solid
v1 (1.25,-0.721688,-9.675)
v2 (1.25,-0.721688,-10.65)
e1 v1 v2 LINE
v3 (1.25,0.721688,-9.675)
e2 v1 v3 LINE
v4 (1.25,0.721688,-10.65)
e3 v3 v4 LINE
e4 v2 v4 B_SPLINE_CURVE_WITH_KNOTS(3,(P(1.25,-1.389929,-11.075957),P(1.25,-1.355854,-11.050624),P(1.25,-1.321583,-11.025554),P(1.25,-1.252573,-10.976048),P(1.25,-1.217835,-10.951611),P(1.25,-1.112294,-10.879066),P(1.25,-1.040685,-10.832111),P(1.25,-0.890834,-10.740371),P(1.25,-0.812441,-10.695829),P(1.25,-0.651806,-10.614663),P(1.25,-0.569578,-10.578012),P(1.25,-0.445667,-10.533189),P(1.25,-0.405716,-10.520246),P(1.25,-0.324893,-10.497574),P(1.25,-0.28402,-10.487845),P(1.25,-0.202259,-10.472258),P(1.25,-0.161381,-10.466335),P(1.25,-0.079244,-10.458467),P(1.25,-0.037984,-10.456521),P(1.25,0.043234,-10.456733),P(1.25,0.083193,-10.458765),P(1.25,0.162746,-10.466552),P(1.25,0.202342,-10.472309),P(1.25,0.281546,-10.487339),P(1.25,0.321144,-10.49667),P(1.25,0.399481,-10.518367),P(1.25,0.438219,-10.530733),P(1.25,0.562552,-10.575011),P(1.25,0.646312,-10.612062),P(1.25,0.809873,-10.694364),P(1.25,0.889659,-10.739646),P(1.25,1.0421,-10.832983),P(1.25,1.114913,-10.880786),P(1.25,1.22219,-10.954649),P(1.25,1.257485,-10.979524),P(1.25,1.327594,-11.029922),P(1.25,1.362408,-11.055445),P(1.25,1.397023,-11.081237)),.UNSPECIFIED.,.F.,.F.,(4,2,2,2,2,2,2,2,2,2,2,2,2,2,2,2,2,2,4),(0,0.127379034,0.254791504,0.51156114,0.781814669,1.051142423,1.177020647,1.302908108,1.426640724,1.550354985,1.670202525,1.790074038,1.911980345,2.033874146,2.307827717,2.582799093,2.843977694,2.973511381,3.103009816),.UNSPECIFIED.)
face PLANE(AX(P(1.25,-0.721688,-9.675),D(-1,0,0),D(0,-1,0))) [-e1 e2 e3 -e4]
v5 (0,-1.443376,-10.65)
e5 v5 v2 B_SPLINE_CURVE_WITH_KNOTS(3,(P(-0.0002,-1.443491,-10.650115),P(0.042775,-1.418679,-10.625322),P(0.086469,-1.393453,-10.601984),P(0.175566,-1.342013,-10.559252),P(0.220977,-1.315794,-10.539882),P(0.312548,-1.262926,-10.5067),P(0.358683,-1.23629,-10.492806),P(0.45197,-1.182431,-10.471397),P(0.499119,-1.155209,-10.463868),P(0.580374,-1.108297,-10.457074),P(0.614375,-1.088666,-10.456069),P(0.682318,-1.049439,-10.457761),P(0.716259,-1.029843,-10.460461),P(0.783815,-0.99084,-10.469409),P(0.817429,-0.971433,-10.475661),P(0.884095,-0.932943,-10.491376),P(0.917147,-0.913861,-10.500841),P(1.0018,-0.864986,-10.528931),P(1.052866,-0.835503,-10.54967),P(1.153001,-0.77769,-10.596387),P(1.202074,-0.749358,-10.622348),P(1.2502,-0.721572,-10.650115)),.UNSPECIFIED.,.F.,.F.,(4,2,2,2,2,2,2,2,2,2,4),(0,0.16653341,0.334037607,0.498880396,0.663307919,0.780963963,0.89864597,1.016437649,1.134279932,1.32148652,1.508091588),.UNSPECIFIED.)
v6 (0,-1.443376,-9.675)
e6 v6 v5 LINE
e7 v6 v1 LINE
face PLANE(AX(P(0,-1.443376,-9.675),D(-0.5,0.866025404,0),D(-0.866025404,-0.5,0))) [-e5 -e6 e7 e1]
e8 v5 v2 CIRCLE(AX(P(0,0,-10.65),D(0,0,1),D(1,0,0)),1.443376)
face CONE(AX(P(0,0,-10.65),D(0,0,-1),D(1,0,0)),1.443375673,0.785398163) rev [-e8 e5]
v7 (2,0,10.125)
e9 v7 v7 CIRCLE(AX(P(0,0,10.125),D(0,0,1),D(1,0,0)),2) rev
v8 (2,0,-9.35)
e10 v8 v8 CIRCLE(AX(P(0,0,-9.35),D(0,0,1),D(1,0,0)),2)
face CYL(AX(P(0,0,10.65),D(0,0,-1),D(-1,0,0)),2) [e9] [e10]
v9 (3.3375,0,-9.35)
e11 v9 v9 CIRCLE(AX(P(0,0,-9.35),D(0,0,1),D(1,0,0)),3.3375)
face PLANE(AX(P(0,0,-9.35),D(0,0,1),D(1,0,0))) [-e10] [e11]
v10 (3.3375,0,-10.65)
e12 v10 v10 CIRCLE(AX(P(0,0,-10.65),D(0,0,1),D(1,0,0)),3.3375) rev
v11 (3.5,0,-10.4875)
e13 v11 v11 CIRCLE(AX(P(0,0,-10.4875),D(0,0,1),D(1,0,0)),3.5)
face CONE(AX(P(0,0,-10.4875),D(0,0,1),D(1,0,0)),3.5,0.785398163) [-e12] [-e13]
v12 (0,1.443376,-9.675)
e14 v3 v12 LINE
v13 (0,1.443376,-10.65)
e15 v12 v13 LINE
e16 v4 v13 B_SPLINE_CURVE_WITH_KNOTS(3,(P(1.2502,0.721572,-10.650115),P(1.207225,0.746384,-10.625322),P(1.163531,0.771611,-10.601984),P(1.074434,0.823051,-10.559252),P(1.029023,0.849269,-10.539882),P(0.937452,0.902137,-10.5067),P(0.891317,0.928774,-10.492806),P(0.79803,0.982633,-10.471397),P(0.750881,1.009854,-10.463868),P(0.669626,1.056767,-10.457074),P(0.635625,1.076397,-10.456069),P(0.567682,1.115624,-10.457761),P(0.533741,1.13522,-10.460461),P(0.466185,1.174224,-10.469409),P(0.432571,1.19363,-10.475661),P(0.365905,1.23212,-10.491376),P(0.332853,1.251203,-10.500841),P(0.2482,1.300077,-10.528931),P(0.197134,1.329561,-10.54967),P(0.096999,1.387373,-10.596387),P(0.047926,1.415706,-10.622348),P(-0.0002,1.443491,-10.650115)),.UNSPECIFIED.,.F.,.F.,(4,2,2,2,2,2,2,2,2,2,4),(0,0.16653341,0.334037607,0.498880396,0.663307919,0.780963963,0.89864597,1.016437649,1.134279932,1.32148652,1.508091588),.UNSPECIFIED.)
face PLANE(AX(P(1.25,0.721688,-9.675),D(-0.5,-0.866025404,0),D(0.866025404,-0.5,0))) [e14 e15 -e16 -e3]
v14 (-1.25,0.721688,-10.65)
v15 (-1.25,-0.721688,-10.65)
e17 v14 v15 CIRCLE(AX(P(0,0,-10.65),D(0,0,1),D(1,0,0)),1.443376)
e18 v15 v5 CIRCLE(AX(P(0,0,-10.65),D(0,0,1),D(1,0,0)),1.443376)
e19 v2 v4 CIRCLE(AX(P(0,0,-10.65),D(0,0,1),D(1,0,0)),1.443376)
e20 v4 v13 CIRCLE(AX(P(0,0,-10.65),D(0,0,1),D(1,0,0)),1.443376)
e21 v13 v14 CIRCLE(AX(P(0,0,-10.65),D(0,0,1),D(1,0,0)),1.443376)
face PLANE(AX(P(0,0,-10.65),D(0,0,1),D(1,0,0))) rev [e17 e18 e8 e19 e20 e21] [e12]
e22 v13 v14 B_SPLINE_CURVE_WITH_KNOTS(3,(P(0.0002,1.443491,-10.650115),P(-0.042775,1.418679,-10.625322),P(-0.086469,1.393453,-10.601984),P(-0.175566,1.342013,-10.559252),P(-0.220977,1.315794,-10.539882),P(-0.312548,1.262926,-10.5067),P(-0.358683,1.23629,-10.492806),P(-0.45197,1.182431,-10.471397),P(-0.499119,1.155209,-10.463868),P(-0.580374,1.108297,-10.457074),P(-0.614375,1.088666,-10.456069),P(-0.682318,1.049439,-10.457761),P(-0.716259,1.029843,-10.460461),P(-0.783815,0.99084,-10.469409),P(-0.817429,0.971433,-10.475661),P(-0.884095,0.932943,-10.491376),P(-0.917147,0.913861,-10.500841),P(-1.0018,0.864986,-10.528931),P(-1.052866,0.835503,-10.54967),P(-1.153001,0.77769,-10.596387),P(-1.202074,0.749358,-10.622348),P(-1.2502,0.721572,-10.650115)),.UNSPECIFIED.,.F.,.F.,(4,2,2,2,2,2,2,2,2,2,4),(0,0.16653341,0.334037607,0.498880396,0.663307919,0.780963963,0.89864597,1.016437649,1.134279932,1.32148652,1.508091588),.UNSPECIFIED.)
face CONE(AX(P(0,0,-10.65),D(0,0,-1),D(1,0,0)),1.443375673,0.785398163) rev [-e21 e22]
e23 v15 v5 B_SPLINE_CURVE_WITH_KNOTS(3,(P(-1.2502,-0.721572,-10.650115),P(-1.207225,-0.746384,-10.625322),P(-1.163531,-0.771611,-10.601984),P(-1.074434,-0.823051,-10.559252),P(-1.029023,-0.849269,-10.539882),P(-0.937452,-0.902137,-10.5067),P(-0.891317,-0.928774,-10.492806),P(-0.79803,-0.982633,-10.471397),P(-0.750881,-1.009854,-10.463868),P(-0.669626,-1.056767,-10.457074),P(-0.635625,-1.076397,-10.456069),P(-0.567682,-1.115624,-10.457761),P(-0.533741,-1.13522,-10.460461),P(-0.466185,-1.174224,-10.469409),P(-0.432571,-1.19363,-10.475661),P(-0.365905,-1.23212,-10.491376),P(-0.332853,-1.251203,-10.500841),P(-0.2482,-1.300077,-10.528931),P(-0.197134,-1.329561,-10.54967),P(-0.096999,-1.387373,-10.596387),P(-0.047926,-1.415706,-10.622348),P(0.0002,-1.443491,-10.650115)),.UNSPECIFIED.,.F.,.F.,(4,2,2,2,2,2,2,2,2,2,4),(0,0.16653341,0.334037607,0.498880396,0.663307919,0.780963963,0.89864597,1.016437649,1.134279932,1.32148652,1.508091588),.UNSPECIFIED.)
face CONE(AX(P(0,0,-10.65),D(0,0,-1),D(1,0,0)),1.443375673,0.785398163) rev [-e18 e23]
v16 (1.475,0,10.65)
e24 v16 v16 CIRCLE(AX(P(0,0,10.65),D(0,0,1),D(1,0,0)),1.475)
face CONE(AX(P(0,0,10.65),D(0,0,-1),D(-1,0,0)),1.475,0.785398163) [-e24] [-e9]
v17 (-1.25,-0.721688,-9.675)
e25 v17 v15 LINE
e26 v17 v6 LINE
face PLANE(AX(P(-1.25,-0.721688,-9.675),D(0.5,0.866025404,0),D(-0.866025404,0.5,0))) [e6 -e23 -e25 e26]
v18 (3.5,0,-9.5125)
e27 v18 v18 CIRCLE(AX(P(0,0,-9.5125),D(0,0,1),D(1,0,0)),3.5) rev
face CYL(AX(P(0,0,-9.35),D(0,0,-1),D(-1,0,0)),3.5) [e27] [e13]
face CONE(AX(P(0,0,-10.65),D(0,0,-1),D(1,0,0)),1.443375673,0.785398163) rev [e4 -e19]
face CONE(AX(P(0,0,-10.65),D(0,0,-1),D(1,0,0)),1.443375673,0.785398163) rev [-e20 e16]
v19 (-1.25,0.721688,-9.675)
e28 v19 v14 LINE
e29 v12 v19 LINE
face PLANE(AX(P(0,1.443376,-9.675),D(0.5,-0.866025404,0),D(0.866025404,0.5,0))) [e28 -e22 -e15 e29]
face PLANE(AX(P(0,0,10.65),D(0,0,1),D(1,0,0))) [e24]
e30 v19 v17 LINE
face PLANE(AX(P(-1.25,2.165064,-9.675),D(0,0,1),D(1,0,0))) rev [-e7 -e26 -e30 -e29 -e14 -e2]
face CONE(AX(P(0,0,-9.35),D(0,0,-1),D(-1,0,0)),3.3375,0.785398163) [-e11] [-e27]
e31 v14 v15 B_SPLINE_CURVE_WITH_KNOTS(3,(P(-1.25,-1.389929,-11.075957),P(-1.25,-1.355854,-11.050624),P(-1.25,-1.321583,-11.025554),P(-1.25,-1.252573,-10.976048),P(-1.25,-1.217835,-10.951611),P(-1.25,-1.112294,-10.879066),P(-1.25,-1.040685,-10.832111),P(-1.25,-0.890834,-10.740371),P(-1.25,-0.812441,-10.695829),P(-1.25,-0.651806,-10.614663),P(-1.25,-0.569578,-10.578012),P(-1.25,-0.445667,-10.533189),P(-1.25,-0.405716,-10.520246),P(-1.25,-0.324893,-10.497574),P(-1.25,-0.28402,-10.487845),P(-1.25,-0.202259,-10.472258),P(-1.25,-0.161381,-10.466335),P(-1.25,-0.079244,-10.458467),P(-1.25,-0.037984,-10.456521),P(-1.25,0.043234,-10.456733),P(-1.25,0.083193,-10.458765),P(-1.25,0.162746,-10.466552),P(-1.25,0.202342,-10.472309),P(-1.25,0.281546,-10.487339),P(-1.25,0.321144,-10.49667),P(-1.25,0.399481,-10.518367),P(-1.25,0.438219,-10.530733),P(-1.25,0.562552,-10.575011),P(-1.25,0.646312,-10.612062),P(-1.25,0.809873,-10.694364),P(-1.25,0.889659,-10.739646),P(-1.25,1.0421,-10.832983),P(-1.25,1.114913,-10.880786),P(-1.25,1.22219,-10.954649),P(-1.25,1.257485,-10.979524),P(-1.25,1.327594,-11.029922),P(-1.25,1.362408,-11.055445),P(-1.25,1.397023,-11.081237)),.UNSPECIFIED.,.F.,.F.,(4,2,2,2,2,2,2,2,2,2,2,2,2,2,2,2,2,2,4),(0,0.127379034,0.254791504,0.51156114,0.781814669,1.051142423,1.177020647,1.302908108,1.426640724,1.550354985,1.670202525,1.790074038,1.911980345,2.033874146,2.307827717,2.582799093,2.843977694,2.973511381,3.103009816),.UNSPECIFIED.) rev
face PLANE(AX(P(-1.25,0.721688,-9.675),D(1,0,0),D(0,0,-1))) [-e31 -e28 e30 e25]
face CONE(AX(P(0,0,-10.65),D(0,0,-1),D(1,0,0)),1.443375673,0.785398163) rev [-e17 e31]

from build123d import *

# Parameters (mm, degrees)
EXTRUDE1_START     = -9.35
SKETCH1_R          = 2
EXTRUDE1_DEPTH     = 20
EXTRUDE2_START     = -10.65
SKETCH6_R          = 3.5
EXTRUDE2_DEPTH     = 1.3
CUT_EXTRUDE1_DEPTH = 0.975
SKETCH8_R          = 1.443375673
CUT_EXTRUDE2_DEPTH = 0.975
CUT_EXTRUDE2_TAPER = 45
CHAMFER1_SIZE      = 0.1625
CHAMFER2_SIZE      = 0.525


with BuildPart() as part:
    # Sketch1 → Extrude1 (new body)
    with BuildSketch(Plane.XY.offset(EXTRUDE1_START)):
        Circle(SKETCH1_R)
    extrude(amount=EXTRUDE1_DEPTH)

    # Sketch6 → Extrude2 (add)
    with BuildSketch(Plane.XY.offset(EXTRUDE2_START)):
        Circle(SKETCH6_R)
    extrude(amount=EXTRUDE2_DEPTH)

    # Sketch7 → Cut-Extrude1 (cut)
    with BuildSketch(Plane.XY.offset(-10.65)):
        Polygon((0, 1.443375673), (-1.25, 0.721687836), (-1.25, -0.721687836), (0, -1.443375673), (1.25, -0.721687836), (1.25, 0.721687836), align=None)
    extrude(amount=CUT_EXTRUDE1_DEPTH, mode=Mode.SUBTRACT)

    # Sketch8 → Cut-Extrude2 (cut)
    with BuildSketch(Plane.XY.offset(-10.65)):
        Circle(SKETCH8_R)
    extrude(amount=CUT_EXTRUDE2_DEPTH, taper=CUT_EXTRUDE2_TAPER, mode=Mode.SUBTRACT)

    # Chamfer1
    chamfer1_edges = [part.edges().sort_by_distance(p)[0] for p in [
        (-3.5, 0, -9.35),
        (-3.5, 0, -10.65),
    ]]
    chamfer(chamfer1_edges, length=CHAMFER1_SIZE)

    # Chamfer2
    chamfer2_edges = [part.edges().sort_by_distance(p)[0] for p in [
        (-2, 0, 10.65),
    ]]
    chamfer(chamfer2_edges, length=CHAMFER2_SIZE)


solid = part.part
